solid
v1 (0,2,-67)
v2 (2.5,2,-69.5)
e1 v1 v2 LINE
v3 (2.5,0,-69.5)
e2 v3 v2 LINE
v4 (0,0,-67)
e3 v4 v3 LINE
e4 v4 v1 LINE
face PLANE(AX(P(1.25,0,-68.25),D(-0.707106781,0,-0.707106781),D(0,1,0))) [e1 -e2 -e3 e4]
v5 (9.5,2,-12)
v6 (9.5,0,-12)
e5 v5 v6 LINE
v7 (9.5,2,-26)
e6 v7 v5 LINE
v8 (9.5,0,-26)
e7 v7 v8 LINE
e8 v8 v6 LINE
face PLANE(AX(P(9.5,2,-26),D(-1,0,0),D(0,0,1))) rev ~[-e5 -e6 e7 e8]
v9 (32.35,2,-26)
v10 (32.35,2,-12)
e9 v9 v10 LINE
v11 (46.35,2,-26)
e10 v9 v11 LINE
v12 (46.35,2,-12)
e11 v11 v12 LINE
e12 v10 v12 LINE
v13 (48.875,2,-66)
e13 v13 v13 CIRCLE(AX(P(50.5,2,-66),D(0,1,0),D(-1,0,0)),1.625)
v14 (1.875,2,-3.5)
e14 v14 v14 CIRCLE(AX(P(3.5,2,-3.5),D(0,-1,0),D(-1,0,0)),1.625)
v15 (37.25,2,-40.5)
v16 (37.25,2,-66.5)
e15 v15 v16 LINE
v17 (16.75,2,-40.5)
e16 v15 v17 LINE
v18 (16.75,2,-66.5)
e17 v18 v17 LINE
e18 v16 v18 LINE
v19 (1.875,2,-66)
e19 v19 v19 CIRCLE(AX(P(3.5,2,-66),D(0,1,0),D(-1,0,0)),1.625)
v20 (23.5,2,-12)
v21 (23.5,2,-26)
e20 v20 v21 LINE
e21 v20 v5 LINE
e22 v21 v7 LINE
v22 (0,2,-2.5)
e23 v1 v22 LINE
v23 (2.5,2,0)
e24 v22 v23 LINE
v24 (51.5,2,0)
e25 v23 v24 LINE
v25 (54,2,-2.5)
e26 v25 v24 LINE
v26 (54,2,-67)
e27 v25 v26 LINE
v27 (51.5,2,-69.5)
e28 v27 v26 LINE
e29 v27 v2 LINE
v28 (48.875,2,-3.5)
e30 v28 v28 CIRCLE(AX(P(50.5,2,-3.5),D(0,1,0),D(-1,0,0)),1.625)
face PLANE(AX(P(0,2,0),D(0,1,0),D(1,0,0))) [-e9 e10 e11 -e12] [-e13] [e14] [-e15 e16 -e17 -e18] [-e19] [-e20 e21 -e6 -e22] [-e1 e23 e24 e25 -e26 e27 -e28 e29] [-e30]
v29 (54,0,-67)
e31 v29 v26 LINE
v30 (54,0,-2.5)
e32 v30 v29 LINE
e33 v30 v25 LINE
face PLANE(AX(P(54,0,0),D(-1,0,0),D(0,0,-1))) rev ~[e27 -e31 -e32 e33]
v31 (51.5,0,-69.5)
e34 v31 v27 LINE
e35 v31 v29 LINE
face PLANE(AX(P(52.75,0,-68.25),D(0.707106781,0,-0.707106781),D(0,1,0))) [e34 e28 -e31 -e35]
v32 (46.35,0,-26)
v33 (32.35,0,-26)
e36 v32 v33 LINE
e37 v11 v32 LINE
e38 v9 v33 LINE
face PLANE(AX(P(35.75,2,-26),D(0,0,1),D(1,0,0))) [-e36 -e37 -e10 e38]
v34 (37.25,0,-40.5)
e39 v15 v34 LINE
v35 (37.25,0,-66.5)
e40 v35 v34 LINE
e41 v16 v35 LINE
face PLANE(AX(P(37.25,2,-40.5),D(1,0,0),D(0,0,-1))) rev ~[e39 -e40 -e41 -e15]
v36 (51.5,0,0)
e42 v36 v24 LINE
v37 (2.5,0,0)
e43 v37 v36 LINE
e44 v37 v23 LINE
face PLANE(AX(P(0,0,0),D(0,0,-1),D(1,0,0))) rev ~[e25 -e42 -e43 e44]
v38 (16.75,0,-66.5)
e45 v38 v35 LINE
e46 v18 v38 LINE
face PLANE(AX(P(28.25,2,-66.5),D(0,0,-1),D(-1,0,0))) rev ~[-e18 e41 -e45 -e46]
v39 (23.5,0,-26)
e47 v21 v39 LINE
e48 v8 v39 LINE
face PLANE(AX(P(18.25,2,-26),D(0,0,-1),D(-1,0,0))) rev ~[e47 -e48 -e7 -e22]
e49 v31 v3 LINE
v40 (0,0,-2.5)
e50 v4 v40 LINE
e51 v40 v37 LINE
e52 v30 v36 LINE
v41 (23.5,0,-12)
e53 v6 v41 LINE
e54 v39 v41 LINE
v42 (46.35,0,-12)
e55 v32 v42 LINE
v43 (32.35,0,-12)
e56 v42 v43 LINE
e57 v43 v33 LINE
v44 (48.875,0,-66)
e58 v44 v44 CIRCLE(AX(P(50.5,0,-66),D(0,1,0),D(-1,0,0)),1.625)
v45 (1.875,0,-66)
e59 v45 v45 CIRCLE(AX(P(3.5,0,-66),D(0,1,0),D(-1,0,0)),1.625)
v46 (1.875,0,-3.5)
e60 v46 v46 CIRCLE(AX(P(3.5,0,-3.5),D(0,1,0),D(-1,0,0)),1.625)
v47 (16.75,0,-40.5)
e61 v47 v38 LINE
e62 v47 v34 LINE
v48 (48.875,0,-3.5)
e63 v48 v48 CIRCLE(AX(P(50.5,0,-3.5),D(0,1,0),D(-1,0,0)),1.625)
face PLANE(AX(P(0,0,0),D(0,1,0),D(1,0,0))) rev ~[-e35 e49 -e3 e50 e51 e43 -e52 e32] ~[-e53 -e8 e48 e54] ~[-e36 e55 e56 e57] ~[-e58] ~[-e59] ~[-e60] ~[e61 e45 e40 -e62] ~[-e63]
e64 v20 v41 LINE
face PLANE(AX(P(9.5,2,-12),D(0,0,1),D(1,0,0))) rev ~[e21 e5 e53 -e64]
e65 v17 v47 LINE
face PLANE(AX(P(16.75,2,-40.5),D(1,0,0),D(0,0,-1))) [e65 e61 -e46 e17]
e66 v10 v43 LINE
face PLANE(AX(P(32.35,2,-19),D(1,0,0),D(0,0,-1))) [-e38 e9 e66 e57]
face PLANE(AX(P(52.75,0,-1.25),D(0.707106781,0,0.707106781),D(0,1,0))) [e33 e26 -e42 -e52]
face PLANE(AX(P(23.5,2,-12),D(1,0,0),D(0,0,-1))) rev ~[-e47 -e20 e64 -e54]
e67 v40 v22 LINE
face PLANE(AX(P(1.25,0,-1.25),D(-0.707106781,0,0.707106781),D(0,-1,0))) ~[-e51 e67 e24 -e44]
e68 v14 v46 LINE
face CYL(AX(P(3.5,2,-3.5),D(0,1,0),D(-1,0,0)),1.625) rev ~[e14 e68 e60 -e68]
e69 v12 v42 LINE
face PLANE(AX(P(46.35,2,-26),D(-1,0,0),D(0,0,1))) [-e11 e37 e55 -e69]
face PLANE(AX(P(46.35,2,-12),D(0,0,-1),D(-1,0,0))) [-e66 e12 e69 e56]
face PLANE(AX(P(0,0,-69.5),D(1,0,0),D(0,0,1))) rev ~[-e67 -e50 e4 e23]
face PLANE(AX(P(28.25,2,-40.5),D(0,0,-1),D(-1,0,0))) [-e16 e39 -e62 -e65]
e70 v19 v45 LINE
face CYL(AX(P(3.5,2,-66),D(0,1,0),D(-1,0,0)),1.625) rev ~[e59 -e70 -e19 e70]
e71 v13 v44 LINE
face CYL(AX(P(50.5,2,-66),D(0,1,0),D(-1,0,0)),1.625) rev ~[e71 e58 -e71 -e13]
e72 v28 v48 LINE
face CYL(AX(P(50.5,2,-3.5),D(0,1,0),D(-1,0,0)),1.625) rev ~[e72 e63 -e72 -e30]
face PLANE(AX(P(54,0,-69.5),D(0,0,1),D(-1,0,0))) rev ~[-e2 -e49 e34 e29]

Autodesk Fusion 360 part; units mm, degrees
sketch "Sketch1" plane through (0, 0, 0) normal (0, 1, 0) x (1, 0, 0)
  line L0 (0, 0) -> (54, 0)
  line L1 (54, 0) -> (54, 69.5)
  line L2 (54, 69.5) -> (0, 69.5)
  line L3 (0, 69.5) -> (0, 0)
  dimension "d1" = 54
  dimension "d2" = 69.5
extrude "Extrude1" add sketch "Sketch1" along normal blind 2
chamfer "Chamfer1" distance 2.5 angle 45 4 edges at (54, 1, 0) (0, 1, 0) (54, 1, -69.5) (0, 1, -69.5)
sketch "Sketch2" plane through (0, 2, 0) normal (0, 1, 0) x (-1, 0, 0)
  line L0 (-2.5, -69.5) -> (0, -67)
  line L1 (0, -67) -> (0, -2.5)
  line L2 (0, -2.5) -> (-2.5, 0)
  line L3 (-2.5, 0) -> (-51.5, 0)
  line L4 (-51.5, 0) -> (-54, -2.5)
  line L5 (-54, -2.5) -> (-54, -67)
  line L6 (-54, -67) -> (-51.5, -69.5)
  line L7 (-51.5, -69.5) -> (-2.5, -69.5)
  line L8 (0, 0) -> (-3.5, 0)
  line L9 (-3.5, 0) -> (-3.5, -3.5)
  circle A0 centre (-3.5, -3.5) radius 1.625
  line L10 (-27, 0) -> (-27, -69.5)
  line L11 (0, -34.75) -> (-54, -34.75)
  circle A1 centre (-50.5, -3.5) radius 1.625
  circle A2 centre (-3.5, -66) radius 1.625
  circle A3 centre (-50.5, -66) radius 1.625
  dimension "d6" = 3.5
  dimension "d7" = 3.5
  dimension "d8" = 3.25
extrude "Extrude2" cut sketch "Sketch2" against normal blind 5 contours A0 | A1 | A2 | A3
sketch "Sketch3" plane through (0, 2, 0) normal (0, 1, 0) x (-1, 0, 0)
  circle A0 centre (-50.5, -3.5) radius 1.625
  circle A1 centre (-50.5, -66) radius 1.625
  circle A2 centre (-3.5, -3.5) radius 1.625
  circle A3 centre (-3.5, -66) radius 1.625
  line L0 (-2.5, -69.5) -> (0, -67)
  line L1 (0, -67) -> (0, -2.5)
  line L2 (0, -2.5) -> (-2.5, 0)
  line L3 (-2.5, 0) -> (-51.5, 0)
  line L4 (-51.5, 0) -> (-54, -2.5)
  line L5 (-54, -2.5) -> (-54, -67)
  line L6 (-54, -67) -> (-51.5, -69.5)
  line L7 (-51.5, -69.5) -> (-2.5, -69.5)
  line L8 (0, 0) -> (-16.5, 0)
  line L9 (-16.5, 0) -> (-16.5, -19)
  line L10 (-16.5, -19) -> (-39.35, -19)
  line L11 (-9.5, -12) -> (-23.5, -12)
  line L12 (-23.5, -12) -> (-23.5, -26)
  line L13 (-23.5, -26) -> (-9.5, -26)
  line L14 (-9.5, -26) -> (-9.5, -12)
  line L15 (-9.5, -12) -> (-23.5, -26) construction
  line L16 (-23.5, -12) -> (-9.5, -26) construction
  line L17 (-32.35, -26) -> (-46.35, -26)
  line L18 (-46.35, -26) -> (-46.35, -12)
  line L19 (-46.35, -12) -> (-32.35, -12)
  line L20 (-32.35, -12) -> (-32.35, -26)
  line L21 (-32.35, -26) -> (-46.35, -12) construction
  line L22 (-46.35, -26) -> (-32.35, -12) construction
  line L23 (0, 0) -> (-28.25, 0)
  line L24 (-28.25, 0) -> (-28.25, -40.5)
  line L25 (-28.25, -40.5) -> (-28.25, -66.5)
  line L26 (0, 0) -> (-18.25, 0)
  line L27 (-18.25, 0) -> (-18.25, -52)
  line L28 (-18.25, -52) -> (-16.75, -52)
  line L29 (-16.75, -52) -> (-28.25, -52)
  line L30 (-28.25, -52) -> (-28.25, -66.5)
  line L31 (-28.25, -66.5) -> (-16.75, -66.5)
  line L32 (-16.75, -66.5) -> (-16.75, -52)
  line L33 (-16.75, -52) -> (-28.25, -52)
  line L34 (-28.25, -52) -> (-28.25, -40.5)
  line L35 (-28.25, -40.5) -> (-16.75, -40.5)
  line L36 (-16.75, -40.5) -> (-16.75, -52)
  line L37 (0, 0) -> (-35.75, 0)
  line L38 (-35.75, 0) -> (-35.75, -44.5)
  line L39 (-35.75, -44.5) -> (-37.25, -44.5)
  line L40 (-37.25, -44.5) -> (-28.25, -44.5)
  line L41 (-28.25, -44.5) -> (-28.25, -40.5)
  line L42 (-28.25, -40.5) -> (-37.25, -40.5)
  line L43 (-37.25, -40.5) -> (-37.25, -44.5)
  line L44 (-37.25, -44.5) -> (-28.25, -44.5)
  line L45 (-28.25, -44.5) -> (-28.25, -66.5)
  line L46 (-28.25, -66.5) -> (-37.25, -66.5)
  line L47 (-37.25, -66.5) -> (-37.25, -44.5)
  point P0 (-16.5, -19)
  point P1 (-39.35, -19)
  dimension "d11" = 16.5
  dimension "d12" = 19
  dimension "d13" = 22.85
  dimension "d14" = 14
  dimension "d15" = 14
  dimension "d16" = 14
  dimension "d17" = 14
  dimension "d18" = 28.25
  dimension "d19" = 40.5
  dimension "d20" = 26
  dimension "d21" = 18.25
  dimension "d22" = 52
  dimension "d23" = 1.5
  dimension "d24" = 35.75
  dimension "d25" = 44.5
  dimension "d26" = 1.5
extrude "Extrude3" cut sketch "Sketch3" against normal blind 2 contours L9 L10 L11 L13 L14 L27 | L9 L10 L11 L27 | L10 L11 L12 L27 | L17 L18 L19 L38 | L10 L19 L20 L38 | L10 L12 L13 L27 | L10 L17 L20 L38 | L25 L27 L29 L33 L34 L35 L41 L45 | L25 L34 L38 L40 L41 L42 L44 | L25 L30 L34 L39 L40 L44 L45 L46 L47 | L27 L28 L29 L33 L35 L36 | L38 L39 L40 L42 L43 L44 | L25 L28 L29 L30 L31 L32 L33 L45
equation "d13 = 39.35 mm - 16.5 mm"
equation "d19 = 42 mm - 1.5 mm"
